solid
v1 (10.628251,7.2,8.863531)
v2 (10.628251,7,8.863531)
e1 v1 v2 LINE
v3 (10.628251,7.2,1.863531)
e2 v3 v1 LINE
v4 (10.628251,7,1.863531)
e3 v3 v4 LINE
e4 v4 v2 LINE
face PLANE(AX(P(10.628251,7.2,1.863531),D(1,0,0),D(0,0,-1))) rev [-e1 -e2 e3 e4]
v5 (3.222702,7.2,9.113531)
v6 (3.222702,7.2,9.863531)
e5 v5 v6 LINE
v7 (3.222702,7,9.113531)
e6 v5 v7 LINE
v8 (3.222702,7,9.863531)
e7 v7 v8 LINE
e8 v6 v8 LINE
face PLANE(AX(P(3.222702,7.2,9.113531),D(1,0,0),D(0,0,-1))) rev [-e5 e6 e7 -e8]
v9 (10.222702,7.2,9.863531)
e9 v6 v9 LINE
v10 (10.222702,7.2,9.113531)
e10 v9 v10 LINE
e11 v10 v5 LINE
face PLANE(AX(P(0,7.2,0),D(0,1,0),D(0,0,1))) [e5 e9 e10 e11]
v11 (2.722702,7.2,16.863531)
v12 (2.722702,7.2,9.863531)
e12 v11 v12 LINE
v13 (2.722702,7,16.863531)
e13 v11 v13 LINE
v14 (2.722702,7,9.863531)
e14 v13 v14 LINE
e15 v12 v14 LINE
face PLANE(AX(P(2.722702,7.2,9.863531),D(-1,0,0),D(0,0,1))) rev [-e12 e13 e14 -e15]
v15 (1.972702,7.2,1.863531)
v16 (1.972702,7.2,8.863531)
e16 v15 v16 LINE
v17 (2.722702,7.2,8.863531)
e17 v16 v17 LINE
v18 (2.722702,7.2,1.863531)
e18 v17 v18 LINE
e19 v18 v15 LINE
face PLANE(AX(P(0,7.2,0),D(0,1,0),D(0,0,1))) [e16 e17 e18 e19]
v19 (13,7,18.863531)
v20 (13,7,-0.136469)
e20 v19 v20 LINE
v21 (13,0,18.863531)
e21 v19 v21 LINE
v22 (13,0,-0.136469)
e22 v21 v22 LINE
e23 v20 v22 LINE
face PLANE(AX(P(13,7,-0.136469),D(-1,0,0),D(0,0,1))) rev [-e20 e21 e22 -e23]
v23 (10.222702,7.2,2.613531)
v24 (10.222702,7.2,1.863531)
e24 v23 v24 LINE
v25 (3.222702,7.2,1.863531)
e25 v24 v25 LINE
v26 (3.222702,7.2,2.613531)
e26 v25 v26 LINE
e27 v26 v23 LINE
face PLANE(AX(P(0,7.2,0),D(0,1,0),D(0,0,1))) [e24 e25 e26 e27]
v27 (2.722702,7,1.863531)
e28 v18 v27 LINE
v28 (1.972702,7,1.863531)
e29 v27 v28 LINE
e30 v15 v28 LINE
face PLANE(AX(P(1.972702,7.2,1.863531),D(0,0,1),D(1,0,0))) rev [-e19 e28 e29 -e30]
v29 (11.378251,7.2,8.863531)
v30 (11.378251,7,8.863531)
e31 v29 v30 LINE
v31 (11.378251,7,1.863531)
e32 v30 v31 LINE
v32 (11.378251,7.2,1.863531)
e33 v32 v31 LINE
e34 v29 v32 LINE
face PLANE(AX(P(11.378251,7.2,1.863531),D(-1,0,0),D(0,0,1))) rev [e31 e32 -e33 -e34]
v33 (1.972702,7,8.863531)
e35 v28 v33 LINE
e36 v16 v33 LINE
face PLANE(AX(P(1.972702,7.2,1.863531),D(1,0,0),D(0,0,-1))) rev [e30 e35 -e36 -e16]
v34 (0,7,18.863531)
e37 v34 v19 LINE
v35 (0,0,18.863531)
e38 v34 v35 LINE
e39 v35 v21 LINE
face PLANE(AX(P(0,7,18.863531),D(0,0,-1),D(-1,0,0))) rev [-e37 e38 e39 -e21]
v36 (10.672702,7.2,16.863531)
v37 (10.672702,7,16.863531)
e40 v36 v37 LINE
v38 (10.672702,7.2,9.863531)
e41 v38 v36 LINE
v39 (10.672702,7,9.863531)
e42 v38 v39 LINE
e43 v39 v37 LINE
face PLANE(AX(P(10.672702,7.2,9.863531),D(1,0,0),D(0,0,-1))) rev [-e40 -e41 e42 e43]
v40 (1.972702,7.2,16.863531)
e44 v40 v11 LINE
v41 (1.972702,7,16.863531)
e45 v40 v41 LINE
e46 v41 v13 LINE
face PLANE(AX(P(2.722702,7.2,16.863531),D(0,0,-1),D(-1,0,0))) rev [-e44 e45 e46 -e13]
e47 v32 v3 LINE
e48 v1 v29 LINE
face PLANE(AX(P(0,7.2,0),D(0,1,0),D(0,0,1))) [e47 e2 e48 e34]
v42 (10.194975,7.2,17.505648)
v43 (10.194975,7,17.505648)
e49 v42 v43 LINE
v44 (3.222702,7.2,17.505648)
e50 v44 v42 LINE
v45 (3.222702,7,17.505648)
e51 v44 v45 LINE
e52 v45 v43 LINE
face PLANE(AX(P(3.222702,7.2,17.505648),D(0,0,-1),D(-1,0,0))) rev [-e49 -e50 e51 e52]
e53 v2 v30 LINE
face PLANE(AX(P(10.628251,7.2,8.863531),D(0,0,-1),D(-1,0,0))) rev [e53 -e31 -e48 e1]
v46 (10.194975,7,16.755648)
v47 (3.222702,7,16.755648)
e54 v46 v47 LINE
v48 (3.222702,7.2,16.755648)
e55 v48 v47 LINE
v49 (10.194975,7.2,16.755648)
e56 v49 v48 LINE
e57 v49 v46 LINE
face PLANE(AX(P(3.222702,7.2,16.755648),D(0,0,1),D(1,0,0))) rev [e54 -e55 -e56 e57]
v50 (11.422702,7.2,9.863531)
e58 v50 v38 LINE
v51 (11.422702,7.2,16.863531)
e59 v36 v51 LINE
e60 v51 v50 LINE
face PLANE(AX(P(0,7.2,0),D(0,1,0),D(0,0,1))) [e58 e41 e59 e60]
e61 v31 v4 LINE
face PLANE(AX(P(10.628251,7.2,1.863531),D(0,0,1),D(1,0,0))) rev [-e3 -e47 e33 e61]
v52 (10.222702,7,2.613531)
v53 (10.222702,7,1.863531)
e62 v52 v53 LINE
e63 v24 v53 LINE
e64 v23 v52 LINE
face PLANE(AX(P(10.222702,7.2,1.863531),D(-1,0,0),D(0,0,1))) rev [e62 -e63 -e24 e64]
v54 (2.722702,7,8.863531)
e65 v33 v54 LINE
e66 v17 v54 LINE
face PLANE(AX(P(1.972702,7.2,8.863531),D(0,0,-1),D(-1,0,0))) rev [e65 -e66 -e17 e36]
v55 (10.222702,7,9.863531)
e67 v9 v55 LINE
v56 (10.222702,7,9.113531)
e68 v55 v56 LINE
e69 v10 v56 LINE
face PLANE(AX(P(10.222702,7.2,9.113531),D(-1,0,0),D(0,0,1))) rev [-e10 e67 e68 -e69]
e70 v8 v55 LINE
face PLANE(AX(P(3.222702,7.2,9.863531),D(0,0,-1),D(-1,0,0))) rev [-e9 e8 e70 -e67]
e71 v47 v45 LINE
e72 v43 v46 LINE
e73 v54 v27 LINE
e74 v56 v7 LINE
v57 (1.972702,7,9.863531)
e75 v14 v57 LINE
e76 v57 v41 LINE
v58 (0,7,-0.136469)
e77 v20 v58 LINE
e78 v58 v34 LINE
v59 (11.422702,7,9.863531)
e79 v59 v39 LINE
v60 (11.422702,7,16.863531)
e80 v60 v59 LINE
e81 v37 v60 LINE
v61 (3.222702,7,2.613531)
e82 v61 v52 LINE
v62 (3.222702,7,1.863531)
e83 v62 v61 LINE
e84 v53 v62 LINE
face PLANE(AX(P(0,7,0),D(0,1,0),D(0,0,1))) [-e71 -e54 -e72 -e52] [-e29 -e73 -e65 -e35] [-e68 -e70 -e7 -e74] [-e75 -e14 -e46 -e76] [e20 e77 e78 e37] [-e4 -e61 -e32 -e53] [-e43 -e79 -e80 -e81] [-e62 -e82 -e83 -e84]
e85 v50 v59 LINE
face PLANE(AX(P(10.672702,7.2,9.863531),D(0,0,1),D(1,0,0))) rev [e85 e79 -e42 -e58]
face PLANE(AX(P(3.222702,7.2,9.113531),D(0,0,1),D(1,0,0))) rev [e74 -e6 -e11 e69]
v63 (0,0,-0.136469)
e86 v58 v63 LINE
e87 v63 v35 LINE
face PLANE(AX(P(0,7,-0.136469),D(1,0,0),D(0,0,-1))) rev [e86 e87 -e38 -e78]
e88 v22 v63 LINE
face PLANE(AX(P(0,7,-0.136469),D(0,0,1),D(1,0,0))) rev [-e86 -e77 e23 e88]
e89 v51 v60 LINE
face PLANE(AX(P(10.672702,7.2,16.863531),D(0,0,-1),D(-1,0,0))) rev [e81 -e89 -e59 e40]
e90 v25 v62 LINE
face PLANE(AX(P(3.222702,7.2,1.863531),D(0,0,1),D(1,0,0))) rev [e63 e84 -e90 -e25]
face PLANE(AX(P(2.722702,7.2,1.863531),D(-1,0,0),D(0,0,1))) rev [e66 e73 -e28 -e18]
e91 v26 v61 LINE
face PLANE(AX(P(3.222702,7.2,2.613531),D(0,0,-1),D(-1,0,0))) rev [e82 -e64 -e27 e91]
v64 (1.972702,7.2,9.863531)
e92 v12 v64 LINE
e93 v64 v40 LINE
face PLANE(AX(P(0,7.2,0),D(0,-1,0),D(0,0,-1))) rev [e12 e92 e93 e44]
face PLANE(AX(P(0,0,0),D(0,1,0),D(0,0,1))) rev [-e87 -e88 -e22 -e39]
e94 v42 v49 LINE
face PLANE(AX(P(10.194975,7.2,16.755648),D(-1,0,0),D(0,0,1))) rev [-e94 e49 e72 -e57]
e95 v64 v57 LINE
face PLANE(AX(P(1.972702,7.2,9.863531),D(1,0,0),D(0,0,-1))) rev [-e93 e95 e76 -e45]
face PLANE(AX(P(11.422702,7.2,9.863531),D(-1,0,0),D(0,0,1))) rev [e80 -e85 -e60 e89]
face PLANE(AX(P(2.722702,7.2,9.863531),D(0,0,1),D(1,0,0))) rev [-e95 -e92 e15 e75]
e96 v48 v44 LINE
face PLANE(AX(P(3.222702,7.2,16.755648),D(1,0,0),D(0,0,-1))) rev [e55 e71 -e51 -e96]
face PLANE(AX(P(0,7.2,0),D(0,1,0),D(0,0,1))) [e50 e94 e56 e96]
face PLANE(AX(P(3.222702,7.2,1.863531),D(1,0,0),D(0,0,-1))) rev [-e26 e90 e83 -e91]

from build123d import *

# Parameters (mm, degrees)
SKETCH1_W           = 13
SKETCH1_H           = 19
BOSS_EXTRUDE1_DEPTH = 7
SKETCH2_W           = 7
SKETCH2_H           = 0.75
SKETCH2_W_2         = 0.75
SKETCH2_H_2         = 7
SKETCH2_W_3         = 6.972272669
BOSS_EXTRUDE2_DEPTH = 0.2


with BuildPart() as part:
    # Sketch1 → Boss-Extrude1 (new body)
    with BuildSketch(Plane(origin=(0, 0, 0), x_dir=(1, 0, 0), z_dir=(0, 1, 0))):
        with Locations((6.5, -9.363530646)):
            Rectangle(SKETCH1_W, SKETCH1_H)
    extrude(amount=BOSS_EXTRUDE1_DEPTH)

    # Sketch2 → Boss-Extrude2 (add)
    with BuildSketch(Plane(origin=(0, 7, 0), x_dir=(1, 0, 0), z_dir=(0, 1, 0))):
        with Locations((6.722702143, -2.238530646)):
            Rectangle(SKETCH2_W, SKETCH2_H)
        with Locations((2.347702143, -5.363530646)):
            Rectangle(SKETCH2_W_2, SKETCH2_H_2)
        with Locations((11.003251179, -5.363530646)):
            Rectangle(SKETCH2_W_2, SKETCH2_H_2)
        with Locations((6.722702143, -9.488530646)):
            Rectangle(SKETCH2_W, SKETCH2_H)
        with Locations((2.347702143, -13.363530646)):
            Rectangle(SKETCH2_W_2, SKETCH2_H_2)
        with Locations((6.708838478, -17.130647723)):
            Rectangle(SKETCH2_W_3, SKETCH2_H)
        with Locations((11.047702143, -13.363530646)):
            Rectangle(SKETCH2_W_2, SKETCH2_H_2)
    extrude(amount=BOSS_EXTRUDE2_DEPTH)


solid = part.part
